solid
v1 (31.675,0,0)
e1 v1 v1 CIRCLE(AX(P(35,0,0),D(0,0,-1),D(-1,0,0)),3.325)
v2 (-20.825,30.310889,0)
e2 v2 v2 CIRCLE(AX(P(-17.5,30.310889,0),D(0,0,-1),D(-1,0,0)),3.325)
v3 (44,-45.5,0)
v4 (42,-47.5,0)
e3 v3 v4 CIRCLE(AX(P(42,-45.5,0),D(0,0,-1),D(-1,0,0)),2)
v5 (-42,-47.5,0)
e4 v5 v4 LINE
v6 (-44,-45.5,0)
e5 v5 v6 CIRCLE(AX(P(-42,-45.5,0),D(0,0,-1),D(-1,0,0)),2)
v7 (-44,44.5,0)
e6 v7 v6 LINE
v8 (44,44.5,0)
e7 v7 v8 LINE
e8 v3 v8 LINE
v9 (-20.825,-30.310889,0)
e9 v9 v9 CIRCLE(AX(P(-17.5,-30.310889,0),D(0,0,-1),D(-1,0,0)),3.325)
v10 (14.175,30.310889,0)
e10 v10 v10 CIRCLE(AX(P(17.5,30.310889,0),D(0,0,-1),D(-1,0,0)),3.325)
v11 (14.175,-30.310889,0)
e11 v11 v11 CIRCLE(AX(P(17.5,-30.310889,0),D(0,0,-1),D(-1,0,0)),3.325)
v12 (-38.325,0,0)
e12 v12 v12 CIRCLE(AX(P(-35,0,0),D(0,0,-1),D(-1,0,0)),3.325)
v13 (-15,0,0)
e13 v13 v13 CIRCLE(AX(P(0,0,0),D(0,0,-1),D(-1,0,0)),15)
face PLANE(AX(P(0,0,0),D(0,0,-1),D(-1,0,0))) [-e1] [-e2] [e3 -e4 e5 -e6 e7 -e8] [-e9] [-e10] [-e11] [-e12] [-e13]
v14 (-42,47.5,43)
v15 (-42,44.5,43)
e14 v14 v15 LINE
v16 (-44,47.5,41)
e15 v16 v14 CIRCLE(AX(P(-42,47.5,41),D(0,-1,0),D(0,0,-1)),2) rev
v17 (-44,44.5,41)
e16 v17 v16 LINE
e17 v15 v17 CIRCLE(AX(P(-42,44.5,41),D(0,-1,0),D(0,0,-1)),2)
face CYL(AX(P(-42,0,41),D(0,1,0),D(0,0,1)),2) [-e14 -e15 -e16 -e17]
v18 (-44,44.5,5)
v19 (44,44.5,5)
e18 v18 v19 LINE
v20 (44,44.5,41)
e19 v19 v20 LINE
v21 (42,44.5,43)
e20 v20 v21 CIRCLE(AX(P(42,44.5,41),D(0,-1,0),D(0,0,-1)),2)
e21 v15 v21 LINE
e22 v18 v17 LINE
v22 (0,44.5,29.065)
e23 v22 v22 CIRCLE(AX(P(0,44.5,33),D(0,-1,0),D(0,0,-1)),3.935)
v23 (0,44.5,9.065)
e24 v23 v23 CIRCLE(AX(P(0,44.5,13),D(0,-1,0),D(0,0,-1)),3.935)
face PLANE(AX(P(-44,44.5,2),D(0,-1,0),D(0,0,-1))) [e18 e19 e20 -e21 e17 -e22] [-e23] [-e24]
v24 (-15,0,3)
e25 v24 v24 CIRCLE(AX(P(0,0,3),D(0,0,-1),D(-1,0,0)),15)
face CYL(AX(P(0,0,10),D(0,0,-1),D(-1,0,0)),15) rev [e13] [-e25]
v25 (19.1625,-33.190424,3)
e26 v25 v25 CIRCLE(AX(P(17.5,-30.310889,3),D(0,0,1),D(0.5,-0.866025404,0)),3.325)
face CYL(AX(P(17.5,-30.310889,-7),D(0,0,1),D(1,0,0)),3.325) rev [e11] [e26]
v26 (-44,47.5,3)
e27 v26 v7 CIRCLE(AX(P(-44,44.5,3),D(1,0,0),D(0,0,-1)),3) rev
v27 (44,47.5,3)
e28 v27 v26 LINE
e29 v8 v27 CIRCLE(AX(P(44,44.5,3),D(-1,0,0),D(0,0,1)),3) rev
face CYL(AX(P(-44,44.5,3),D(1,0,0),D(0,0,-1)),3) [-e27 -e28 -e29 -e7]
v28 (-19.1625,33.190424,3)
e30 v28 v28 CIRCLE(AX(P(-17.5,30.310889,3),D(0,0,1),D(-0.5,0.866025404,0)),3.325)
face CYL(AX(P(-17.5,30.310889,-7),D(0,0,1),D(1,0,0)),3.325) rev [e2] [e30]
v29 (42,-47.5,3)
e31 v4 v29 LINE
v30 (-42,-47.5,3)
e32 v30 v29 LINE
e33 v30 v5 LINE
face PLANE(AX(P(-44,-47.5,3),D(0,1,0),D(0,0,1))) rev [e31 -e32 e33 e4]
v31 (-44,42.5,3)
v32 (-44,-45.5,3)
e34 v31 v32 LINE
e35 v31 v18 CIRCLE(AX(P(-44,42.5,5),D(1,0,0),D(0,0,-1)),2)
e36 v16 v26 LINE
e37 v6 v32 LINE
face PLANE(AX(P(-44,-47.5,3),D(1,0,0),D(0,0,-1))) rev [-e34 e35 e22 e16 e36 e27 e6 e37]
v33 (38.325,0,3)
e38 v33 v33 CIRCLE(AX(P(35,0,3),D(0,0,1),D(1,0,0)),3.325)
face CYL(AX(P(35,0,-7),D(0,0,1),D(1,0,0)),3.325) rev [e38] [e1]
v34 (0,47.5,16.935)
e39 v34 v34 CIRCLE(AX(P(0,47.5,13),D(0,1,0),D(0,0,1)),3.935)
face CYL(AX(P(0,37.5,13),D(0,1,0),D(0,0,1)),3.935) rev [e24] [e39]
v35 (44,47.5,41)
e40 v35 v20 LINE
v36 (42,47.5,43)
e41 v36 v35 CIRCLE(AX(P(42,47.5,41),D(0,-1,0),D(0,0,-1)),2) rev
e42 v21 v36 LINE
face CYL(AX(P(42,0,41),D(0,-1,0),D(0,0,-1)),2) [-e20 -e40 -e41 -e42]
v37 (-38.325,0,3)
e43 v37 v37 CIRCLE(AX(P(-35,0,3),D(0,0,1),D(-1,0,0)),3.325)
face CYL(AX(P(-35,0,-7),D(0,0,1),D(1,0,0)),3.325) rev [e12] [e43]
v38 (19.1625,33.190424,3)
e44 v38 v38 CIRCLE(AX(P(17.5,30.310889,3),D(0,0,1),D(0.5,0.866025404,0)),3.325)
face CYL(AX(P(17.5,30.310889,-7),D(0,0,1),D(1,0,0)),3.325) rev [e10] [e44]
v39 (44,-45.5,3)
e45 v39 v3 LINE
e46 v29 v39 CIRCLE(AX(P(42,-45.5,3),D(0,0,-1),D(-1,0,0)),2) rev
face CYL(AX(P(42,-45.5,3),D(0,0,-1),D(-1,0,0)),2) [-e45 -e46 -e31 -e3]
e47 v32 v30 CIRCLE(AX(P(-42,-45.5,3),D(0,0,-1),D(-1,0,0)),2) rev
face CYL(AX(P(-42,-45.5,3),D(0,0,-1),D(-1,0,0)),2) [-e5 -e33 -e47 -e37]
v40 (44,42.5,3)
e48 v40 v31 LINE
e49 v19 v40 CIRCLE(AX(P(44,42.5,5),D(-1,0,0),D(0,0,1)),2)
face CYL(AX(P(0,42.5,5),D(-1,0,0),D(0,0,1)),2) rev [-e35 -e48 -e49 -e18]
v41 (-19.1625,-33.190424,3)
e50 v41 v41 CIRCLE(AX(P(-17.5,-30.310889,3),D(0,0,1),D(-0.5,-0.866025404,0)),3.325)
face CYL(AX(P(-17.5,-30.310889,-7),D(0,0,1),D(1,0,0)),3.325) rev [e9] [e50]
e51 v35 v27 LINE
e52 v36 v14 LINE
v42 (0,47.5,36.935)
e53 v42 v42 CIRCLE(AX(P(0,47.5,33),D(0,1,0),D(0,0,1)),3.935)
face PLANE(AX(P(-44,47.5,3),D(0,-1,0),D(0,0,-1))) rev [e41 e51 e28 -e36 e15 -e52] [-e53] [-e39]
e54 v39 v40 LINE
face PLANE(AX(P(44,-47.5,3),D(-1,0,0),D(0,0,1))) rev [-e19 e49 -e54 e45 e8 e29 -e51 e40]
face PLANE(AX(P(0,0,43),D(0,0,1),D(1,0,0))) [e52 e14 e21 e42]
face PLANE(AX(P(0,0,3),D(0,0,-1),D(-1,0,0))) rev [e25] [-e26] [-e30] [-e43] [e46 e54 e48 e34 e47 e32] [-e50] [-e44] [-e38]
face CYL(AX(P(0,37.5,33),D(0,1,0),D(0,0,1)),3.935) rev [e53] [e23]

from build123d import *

# Parameters (mm, degrees)
SKETCH1_W                = 88
SKETCH1_H                = 95
BOSS_EXTRUDE1_DEPTH      = 3
BOSS_EXTRUDE2_DEPTH      = 40
BOSS_EXTRUDE2_DEPTH_BACK = 1
SKETCH2_W                = 88
SKETCH2_H                = 3
SKETCH3_R                = 15
CUT_EXTRUDE1_DEPTH       = 10
FILLET1_R                = 3
FILLET2_R                = 2
SKETCH5_R                = 3.935
CUT_EXTRUDE3_DEPTH       = 10
LPATTERN1_COUNT          = 2
LPATTERN1_PITCH          = 20
FILLET3_R                = 2
SKETCH6_R                = 3.325
CUT_EXTRUDE4_DEPTH       = 10
CIRPATTERN1_COUNT        = 6


with BuildPart() as part:
    # Sketch1 → Boss-Extrude1 (new body)
    with BuildSketch(Plane.XY):
        Rectangle(SKETCH1_W, SKETCH1_H)
    extrude(amount=BOSS_EXTRUDE1_DEPTH)

    # Sketch2 → Boss-Extrude2 (add, two sides: drawn at the far end of the back side and taken through both)
    with BuildSketch(Plane.XY.offset(3).offset(-BOSS_EXTRUDE2_DEPTH_BACK)):
        with Locations((0, 46)):
            Rectangle(SKETCH2_W, SKETCH2_H)
    extrude(amount=BOSS_EXTRUDE2_DEPTH + BOSS_EXTRUDE2_DEPTH_BACK)

    # Sketch3 → Cut-Extrude1 (cut)
    with BuildSketch(Plane(origin=(0, 0, 0), x_dir=(-1, 0, 0), z_dir=(0, 0, -1))):
        Circle(SKETCH3_R)
    extrude(amount=-CUT_EXTRUDE1_DEPTH, mode=Mode.SUBTRACT)

    # Fillet1
    fillet1_edges = [part.edges().sort_by_distance(p)[0] for p in [
        (0, 47.5, 0),
    ]]
    fillet(fillet1_edges, radius=FILLET1_R)

    # Fillet2
    fillet2_edges = [part.edges().sort_by_distance(p)[0] for p in [
        (0, 44.5, 3),
    ]]
    fillet(fillet2_edges, radius=FILLET2_R)

    # Sketch5 → Cut-Extrude3 (cut)
    with BuildSketch(Plane(origin=(0, 47.5, 0), x_dir=(1, 0, 0), z_dir=(0, 1, 0))):
        with Locations(Location((0, -13, 0), (0, 0, 270))):
            Circle(SKETCH5_R)
    cut_extrude3 = extrude(amount=-CUT_EXTRUDE3_DEPTH, mode=Mode.SUBTRACT)

    # LPattern1: Cut-Extrude3 ×2
    with Locations(*[(0, 0, i * LPATTERN1_PITCH) for i in range(1, LPATTERN1_COUNT)]):
        add(cut_extrude3, mode=Mode.SUBTRACT)

    # Fillet3
    fillet3_edges = [part.edges().sort_by_distance(p)[0] for p in [
        (-44, 46, 43),
        (44, 46, 43),
        (44, -47.5, 1.5),
        (-44, -47.5, 1.5),
    ]]
    fillet(fillet3_edges, radius=FILLET3_R)

    # Sketch6 → Cut-Extrude4 (cut)
    with BuildSketch(Plane.XY.offset(3)):
        with Locations((35, 0)):
            Circle(SKETCH6_R)
    cut_extrude4 = extrude(amount=-CUT_EXTRUDE4_DEPTH, mode=Mode.SUBTRACT)

    # CirPattern1: Cut-Extrude4 ×6 about axis
    cirpattern1_axis = Axis((0, 0, 0), (0, 0, 1))
    for i in range(1, CIRPATTERN1_COUNT):
        add(cut_extrude4.rotate(cirpattern1_axis, i * 360 / CIRPATTERN1_COUNT), mode=Mode.SUBTRACT)


solid = part.part
